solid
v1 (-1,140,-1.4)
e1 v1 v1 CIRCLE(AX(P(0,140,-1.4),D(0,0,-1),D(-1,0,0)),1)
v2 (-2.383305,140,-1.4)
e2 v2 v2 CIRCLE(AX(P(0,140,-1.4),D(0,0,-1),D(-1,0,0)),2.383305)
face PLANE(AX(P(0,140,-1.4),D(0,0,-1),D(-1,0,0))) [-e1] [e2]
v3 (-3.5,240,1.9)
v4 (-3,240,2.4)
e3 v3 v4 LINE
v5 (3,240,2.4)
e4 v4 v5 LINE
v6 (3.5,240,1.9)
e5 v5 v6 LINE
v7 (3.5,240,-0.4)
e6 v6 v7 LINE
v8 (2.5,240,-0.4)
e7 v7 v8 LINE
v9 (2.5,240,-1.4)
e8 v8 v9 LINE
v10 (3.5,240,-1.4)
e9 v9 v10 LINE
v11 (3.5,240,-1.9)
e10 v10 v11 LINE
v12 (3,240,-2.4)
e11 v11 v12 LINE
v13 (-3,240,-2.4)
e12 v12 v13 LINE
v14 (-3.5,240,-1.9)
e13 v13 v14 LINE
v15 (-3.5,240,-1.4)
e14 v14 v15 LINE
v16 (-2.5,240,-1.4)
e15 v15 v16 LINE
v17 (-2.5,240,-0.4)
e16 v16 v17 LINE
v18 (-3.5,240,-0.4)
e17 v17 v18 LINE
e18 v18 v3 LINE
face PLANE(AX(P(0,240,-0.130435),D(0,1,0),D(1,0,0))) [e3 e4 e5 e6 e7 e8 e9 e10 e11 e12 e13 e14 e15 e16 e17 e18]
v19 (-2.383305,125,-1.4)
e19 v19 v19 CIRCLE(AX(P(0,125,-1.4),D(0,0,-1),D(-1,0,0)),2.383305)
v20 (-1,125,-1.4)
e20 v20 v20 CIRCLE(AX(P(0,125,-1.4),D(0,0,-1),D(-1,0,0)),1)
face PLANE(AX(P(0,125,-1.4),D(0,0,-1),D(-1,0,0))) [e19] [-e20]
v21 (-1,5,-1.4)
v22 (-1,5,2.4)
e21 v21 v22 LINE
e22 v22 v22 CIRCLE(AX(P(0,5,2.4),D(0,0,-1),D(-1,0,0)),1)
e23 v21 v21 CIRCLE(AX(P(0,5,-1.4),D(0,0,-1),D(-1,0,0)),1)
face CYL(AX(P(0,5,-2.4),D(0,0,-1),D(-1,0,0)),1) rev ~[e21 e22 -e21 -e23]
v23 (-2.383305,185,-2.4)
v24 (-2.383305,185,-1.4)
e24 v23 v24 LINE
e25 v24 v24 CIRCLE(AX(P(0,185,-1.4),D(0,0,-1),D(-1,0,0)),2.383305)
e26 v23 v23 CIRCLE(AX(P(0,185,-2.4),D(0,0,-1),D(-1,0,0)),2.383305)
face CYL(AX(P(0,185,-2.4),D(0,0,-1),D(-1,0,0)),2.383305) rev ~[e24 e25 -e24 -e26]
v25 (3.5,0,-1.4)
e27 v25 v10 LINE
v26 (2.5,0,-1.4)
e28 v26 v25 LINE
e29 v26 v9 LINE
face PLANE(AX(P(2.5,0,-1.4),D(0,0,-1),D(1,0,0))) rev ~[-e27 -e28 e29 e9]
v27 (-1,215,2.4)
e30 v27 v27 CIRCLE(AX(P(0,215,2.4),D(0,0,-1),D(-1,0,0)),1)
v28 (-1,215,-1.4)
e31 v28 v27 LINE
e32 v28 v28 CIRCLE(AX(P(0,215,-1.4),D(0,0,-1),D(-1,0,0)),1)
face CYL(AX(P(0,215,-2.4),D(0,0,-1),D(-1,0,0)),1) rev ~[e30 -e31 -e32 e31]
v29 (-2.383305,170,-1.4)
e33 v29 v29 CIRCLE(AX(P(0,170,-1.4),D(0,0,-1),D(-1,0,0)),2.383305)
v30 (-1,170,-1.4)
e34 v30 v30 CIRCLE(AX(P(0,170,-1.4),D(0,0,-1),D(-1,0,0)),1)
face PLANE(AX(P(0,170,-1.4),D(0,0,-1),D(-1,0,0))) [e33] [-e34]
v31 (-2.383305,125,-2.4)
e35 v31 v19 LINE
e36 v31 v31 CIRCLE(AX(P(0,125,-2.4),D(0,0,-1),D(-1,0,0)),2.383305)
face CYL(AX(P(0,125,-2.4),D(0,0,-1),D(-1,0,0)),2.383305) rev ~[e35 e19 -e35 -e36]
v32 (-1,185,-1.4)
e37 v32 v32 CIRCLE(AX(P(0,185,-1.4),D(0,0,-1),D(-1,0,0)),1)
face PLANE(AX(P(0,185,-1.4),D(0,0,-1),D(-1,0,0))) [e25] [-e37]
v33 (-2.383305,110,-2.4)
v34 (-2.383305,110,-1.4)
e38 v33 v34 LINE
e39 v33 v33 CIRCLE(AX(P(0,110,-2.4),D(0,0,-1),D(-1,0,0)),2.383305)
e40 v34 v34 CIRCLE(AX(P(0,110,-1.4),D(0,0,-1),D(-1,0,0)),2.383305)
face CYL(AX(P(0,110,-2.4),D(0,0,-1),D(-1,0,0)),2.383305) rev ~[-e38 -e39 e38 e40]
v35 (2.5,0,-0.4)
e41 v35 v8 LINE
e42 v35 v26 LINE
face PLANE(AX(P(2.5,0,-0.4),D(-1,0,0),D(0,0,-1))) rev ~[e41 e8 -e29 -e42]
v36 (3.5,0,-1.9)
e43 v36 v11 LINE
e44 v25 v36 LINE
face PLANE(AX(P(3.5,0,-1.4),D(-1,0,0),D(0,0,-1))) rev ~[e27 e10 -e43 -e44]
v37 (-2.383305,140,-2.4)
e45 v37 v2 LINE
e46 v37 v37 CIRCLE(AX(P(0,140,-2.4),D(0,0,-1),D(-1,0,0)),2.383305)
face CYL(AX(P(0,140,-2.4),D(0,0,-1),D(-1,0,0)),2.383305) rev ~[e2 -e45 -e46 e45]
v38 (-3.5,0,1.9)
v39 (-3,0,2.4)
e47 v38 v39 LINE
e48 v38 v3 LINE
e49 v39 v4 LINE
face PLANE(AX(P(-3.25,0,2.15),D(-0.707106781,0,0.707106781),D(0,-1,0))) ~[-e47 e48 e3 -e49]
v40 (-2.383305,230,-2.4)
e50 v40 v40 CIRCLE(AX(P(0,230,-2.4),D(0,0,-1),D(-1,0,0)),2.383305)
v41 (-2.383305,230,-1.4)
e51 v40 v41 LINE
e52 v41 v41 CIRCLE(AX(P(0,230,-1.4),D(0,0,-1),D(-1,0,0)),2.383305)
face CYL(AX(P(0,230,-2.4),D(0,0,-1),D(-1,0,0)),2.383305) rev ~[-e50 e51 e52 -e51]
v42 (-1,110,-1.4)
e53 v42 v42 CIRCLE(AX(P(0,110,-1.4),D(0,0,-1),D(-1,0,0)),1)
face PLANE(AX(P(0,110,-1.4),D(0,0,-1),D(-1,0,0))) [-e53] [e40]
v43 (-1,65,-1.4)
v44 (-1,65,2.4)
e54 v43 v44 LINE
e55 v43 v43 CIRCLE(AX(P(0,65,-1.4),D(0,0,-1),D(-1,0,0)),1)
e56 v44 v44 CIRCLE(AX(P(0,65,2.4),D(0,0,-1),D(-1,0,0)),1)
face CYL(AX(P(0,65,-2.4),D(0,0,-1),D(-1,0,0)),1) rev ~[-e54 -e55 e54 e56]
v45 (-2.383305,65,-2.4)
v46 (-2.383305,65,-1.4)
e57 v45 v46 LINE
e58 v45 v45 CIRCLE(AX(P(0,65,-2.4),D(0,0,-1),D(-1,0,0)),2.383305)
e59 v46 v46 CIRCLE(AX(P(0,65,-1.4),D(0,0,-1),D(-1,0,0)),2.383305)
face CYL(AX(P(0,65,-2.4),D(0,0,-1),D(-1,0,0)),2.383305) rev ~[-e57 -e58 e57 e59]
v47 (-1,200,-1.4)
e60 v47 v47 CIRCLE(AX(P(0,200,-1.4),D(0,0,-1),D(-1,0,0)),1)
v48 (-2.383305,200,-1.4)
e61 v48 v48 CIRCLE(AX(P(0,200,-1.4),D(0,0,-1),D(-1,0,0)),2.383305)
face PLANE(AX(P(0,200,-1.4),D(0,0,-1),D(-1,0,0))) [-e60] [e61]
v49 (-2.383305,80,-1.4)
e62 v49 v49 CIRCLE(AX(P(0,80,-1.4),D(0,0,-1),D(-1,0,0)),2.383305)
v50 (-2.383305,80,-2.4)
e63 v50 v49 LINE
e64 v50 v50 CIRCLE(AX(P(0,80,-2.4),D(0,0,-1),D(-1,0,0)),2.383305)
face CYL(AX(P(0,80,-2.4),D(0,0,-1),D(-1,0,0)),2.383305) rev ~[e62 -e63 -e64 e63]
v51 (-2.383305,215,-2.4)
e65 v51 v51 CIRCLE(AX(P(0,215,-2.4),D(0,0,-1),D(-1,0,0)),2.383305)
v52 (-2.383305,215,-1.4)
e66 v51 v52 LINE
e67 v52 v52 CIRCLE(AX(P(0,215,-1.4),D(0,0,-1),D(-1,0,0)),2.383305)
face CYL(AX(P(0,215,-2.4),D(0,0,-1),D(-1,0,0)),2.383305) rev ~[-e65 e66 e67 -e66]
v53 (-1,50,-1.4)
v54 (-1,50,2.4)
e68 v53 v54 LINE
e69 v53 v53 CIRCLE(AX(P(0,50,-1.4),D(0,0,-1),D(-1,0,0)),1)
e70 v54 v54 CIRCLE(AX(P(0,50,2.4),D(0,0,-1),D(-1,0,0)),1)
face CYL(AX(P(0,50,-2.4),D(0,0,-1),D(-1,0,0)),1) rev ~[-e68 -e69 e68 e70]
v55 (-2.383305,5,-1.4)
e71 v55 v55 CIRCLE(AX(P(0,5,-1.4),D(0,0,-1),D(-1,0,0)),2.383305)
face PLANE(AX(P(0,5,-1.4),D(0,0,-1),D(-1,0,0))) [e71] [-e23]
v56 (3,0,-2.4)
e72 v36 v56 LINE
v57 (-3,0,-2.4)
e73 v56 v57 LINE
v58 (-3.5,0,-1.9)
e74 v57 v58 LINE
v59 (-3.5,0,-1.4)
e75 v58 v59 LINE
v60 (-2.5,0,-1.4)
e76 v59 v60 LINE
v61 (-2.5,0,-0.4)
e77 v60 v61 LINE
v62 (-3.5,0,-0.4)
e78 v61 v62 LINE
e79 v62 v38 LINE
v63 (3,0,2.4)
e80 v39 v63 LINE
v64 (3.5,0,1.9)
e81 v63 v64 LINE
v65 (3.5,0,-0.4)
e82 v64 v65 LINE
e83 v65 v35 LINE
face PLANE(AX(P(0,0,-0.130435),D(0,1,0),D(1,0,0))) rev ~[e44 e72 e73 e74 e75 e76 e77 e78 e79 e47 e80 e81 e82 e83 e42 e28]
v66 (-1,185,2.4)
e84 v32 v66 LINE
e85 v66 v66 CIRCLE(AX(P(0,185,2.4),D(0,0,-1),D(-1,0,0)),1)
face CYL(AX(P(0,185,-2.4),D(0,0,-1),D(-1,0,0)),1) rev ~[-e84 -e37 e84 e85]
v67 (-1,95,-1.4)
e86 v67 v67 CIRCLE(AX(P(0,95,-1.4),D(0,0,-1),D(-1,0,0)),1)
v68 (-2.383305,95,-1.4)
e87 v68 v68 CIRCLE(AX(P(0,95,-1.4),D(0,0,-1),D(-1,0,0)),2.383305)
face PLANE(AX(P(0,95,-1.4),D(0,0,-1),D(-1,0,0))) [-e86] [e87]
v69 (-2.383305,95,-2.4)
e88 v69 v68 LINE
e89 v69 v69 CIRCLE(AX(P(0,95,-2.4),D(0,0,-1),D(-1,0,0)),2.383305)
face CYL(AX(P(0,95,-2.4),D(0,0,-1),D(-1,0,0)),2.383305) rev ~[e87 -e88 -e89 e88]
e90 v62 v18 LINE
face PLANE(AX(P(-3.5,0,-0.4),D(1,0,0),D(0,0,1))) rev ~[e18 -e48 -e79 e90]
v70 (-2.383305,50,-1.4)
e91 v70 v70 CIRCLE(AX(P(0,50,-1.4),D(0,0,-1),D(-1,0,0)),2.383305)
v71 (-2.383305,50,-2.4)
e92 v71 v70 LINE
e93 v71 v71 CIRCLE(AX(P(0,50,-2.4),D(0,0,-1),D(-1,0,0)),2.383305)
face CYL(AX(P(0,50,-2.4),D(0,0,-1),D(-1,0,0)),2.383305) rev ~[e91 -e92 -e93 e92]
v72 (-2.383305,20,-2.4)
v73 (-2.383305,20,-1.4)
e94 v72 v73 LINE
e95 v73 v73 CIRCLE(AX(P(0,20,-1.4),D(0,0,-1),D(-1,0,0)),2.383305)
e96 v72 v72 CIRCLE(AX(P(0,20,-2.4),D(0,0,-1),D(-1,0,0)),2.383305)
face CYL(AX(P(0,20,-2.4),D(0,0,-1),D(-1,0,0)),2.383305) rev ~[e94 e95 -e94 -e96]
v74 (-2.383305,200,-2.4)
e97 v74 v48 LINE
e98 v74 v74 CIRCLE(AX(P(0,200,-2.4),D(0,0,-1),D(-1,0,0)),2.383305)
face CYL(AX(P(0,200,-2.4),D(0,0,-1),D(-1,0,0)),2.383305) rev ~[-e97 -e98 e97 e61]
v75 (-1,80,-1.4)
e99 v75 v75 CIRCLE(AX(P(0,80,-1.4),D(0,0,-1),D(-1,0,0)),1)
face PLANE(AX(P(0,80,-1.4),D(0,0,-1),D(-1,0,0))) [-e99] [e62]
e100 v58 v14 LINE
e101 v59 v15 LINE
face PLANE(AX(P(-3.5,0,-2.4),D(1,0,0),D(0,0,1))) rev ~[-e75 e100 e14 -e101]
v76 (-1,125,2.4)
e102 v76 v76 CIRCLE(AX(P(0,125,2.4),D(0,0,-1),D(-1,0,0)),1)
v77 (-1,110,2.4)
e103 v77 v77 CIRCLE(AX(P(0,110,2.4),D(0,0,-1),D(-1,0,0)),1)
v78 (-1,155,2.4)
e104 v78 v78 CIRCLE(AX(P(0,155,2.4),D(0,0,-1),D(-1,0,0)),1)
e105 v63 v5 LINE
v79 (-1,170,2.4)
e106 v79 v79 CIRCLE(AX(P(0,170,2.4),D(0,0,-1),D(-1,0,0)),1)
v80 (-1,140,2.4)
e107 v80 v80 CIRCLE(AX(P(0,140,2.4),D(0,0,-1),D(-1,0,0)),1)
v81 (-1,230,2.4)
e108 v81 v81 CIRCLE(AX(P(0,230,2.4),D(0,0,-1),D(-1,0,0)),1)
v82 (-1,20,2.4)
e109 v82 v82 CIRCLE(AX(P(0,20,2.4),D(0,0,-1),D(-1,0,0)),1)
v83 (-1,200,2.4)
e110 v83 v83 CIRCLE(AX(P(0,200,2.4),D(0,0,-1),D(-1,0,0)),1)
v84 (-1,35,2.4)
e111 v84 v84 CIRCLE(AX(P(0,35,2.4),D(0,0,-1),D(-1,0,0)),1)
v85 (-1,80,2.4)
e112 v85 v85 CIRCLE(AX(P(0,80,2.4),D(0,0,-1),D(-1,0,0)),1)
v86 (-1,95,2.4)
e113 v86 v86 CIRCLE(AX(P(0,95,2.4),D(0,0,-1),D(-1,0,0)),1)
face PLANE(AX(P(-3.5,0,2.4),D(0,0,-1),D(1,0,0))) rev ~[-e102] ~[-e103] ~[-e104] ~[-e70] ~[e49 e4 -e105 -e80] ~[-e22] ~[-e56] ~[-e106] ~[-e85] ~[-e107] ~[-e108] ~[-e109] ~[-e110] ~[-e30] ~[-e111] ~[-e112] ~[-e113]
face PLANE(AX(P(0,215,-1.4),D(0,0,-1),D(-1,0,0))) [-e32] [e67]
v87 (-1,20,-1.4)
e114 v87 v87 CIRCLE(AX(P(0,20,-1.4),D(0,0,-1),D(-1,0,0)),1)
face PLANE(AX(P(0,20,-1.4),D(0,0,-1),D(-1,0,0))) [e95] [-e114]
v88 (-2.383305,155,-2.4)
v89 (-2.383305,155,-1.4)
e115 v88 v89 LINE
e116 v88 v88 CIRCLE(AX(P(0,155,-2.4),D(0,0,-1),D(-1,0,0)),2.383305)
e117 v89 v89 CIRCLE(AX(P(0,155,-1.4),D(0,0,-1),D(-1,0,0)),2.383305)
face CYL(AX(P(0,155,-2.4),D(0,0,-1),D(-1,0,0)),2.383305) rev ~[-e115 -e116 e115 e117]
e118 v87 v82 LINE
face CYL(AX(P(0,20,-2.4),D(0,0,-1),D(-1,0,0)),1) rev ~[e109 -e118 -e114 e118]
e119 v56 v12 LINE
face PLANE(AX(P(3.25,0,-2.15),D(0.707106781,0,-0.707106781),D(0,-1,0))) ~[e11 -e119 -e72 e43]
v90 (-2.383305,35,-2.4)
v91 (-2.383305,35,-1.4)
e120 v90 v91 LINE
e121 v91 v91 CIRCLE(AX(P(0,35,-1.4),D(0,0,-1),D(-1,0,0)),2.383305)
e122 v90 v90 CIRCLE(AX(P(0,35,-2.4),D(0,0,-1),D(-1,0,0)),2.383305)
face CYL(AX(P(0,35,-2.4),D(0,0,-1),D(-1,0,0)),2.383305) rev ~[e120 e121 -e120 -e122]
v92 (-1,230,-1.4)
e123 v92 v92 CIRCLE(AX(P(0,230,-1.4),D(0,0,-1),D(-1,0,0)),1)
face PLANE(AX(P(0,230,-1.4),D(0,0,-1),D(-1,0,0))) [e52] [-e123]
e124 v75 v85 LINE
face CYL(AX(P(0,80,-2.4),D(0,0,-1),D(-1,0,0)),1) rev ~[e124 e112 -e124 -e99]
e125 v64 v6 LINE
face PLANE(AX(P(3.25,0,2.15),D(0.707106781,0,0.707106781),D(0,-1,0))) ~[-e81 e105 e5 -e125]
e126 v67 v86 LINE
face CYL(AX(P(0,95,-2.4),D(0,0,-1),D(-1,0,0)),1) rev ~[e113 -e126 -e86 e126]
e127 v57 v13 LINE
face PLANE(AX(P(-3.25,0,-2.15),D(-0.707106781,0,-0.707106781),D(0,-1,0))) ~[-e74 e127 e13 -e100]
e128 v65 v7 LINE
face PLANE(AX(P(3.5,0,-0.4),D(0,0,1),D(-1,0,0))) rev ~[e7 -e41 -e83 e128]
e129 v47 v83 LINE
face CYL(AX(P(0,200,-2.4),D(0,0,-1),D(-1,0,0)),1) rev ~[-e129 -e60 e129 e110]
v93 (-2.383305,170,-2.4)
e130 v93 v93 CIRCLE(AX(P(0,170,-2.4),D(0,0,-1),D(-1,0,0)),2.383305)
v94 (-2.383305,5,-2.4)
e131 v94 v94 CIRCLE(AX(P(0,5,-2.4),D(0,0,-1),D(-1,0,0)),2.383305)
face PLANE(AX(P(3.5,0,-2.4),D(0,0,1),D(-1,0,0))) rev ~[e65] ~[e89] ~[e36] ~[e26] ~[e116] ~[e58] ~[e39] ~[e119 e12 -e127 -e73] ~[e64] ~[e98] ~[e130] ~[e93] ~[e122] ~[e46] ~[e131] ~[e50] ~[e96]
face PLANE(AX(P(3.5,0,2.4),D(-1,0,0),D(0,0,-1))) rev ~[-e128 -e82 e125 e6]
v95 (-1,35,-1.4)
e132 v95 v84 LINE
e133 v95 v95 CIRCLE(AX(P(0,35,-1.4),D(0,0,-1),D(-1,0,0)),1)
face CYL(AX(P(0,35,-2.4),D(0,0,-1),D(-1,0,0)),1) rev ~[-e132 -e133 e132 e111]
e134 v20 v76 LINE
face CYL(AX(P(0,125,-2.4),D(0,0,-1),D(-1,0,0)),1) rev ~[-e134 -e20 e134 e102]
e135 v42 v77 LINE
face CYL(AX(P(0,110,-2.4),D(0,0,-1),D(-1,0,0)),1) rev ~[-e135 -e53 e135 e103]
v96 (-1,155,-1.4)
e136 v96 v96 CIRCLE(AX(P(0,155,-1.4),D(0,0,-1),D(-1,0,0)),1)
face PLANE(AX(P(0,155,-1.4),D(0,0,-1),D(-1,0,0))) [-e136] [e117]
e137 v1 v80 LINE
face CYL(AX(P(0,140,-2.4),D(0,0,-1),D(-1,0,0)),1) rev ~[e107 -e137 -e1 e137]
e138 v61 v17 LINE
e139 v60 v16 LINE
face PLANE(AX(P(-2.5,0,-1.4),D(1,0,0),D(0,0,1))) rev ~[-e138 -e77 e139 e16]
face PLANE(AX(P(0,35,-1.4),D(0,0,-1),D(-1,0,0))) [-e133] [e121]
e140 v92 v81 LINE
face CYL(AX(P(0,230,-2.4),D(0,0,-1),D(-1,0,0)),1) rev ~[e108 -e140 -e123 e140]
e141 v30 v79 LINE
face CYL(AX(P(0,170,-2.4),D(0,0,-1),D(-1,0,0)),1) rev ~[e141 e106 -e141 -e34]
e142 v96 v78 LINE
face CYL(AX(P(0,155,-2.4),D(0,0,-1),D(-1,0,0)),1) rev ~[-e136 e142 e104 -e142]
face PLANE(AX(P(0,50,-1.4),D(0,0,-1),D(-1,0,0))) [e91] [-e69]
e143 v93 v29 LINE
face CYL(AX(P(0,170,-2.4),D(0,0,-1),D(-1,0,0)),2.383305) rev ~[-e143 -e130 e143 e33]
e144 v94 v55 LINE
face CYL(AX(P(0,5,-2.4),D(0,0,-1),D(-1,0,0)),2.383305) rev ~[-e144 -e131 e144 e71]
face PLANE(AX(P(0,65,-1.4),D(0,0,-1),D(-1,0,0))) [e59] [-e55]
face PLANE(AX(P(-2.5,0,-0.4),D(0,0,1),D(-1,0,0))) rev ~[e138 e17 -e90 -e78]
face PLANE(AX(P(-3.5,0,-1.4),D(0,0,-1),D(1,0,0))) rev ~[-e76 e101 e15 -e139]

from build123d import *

# Parameters (mm, degrees)
EXTRUDE_1_DEPTH     = 240
SKETCH_2_R          = 1
CUT_EXTRUDE_1_DEPTH = 10
CHAMFER_1_SIZE      = 0.5
SKETCH_3_R          = 2.383304988
CUT_EXTRUDE_2_DEPTH = 1


with BuildPart() as part:
    # 草图1 → 凸台-拉伸1 (new body)
    with BuildSketch(Plane(origin=(0, 0, 0), x_dir=(1, 0, 0), z_dir=(0, 1, 0))):
        Polygon((-3.5, 0.4), (-3.5, -2.4), (3.5, -2.4), (3.5, 0.4), (2.5, 0.4), (2.5, 1.4), (3.5, 1.4), (3.5, 2.4), (-3.5, 2.4), (-3.5, 1.4), (-2.5, 1.4), (-2.5, 0.4), align=None)
    extrude(amount=EXTRUDE_1_DEPTH)

    # 草图2 → 切除-拉伸1 (cut)
    with BuildSketch(Plane(origin=(0, 0, -2.4), x_dir=(-1, 0, 0), z_dir=(0, 0, -1))):
        with Locations((0, 5)):
            Circle(SKETCH_2_R)
        with Locations((0, 20)):
            Circle(SKETCH_2_R)
        with Locations((0, 35)):
            Circle(SKETCH_2_R)
        with Locations((0, 50)):
            Circle(SKETCH_2_R)
        with Locations((0, 65)):
            Circle(SKETCH_2_R)
        with Locations((0, 80)):
            Circle(SKETCH_2_R)
        with Locations((0, 95)):
            Circle(SKETCH_2_R)
        with Locations((0, 110)):
            Circle(SKETCH_2_R)
        with Locations((0, 125)):
            Circle(SKETCH_2_R)
        with Locations((0, 140)):
            Circle(SKETCH_2_R)
        with Locations((0, 155)):
            Circle(SKETCH_2_R)
        with Locations((0, 170)):
            Circle(SKETCH_2_R)
        with Locations((0, 185)):
            Circle(SKETCH_2_R)
        with Locations((0, 200)):
            Circle(SKETCH_2_R)
        with Locations((0, 215)):
            Circle(SKETCH_2_R)
        with Locations((0, 230)):
            Circle(SKETCH_2_R)
    extrude(amount=-CUT_EXTRUDE_1_DEPTH, mode=Mode.SUBTRACT)

    # 倒角1
    chamfer_1_edges = [part.edges().sort_by_distance(p)[0] for p in [
        (-3.5, 120, -2.4),
        (3.5, 120, -2.4),
        (3.5, 120, 2.4),
        (-3.5, 120, 2.4),
    ]]
    chamfer(chamfer_1_edges, length=CHAMFER_1_SIZE)

    # 草图3 → 切除-拉伸2 (cut)
    with BuildSketch(Plane(origin=(0, 0, -2.4), x_dir=(-1, 0, 0), z_dir=(0, 0, -1))):
        with Locations((0, 5)):
            Circle(SKETCH_3_R)
        with Locations((0, 20)):
            Circle(SKETCH_3_R)
        with Locations((0, 35)):
            Circle(SKETCH_3_R)
        with Locations((0, 50)):
            Circle(SKETCH_3_R)
        with Locations((0, 65)):
            Circle(SKETCH_3_R)
        with Locations((0, 80)):
            Circle(SKETCH_3_R)
        with Locations((0, 95)):
            Circle(SKETCH_3_R)
        with Locations((0, 110)):
            Circle(SKETCH_3_R)
        with Locations((0, 125)):
            Circle(SKETCH_3_R)
        with Locations((0, 140)):
            Circle(SKETCH_3_R)
        with Locations((0, 155)):
            Circle(SKETCH_3_R)
        with Locations((0, 170)):
            Circle(SKETCH_3_R)
        with Locations((0, 185)):
            Circle(SKETCH_3_R)
        with Locations((0, 200)):
            Circle(SKETCH_3_R)
        with Locations((0, 215)):
            Circle(SKETCH_3_R)
        with Locations((0, 230)):
            Circle(SKETCH_3_R)
    extrude(amount=-CUT_EXTRUDE_2_DEPTH, mode=Mode.SUBTRACT)


solid = part.part
